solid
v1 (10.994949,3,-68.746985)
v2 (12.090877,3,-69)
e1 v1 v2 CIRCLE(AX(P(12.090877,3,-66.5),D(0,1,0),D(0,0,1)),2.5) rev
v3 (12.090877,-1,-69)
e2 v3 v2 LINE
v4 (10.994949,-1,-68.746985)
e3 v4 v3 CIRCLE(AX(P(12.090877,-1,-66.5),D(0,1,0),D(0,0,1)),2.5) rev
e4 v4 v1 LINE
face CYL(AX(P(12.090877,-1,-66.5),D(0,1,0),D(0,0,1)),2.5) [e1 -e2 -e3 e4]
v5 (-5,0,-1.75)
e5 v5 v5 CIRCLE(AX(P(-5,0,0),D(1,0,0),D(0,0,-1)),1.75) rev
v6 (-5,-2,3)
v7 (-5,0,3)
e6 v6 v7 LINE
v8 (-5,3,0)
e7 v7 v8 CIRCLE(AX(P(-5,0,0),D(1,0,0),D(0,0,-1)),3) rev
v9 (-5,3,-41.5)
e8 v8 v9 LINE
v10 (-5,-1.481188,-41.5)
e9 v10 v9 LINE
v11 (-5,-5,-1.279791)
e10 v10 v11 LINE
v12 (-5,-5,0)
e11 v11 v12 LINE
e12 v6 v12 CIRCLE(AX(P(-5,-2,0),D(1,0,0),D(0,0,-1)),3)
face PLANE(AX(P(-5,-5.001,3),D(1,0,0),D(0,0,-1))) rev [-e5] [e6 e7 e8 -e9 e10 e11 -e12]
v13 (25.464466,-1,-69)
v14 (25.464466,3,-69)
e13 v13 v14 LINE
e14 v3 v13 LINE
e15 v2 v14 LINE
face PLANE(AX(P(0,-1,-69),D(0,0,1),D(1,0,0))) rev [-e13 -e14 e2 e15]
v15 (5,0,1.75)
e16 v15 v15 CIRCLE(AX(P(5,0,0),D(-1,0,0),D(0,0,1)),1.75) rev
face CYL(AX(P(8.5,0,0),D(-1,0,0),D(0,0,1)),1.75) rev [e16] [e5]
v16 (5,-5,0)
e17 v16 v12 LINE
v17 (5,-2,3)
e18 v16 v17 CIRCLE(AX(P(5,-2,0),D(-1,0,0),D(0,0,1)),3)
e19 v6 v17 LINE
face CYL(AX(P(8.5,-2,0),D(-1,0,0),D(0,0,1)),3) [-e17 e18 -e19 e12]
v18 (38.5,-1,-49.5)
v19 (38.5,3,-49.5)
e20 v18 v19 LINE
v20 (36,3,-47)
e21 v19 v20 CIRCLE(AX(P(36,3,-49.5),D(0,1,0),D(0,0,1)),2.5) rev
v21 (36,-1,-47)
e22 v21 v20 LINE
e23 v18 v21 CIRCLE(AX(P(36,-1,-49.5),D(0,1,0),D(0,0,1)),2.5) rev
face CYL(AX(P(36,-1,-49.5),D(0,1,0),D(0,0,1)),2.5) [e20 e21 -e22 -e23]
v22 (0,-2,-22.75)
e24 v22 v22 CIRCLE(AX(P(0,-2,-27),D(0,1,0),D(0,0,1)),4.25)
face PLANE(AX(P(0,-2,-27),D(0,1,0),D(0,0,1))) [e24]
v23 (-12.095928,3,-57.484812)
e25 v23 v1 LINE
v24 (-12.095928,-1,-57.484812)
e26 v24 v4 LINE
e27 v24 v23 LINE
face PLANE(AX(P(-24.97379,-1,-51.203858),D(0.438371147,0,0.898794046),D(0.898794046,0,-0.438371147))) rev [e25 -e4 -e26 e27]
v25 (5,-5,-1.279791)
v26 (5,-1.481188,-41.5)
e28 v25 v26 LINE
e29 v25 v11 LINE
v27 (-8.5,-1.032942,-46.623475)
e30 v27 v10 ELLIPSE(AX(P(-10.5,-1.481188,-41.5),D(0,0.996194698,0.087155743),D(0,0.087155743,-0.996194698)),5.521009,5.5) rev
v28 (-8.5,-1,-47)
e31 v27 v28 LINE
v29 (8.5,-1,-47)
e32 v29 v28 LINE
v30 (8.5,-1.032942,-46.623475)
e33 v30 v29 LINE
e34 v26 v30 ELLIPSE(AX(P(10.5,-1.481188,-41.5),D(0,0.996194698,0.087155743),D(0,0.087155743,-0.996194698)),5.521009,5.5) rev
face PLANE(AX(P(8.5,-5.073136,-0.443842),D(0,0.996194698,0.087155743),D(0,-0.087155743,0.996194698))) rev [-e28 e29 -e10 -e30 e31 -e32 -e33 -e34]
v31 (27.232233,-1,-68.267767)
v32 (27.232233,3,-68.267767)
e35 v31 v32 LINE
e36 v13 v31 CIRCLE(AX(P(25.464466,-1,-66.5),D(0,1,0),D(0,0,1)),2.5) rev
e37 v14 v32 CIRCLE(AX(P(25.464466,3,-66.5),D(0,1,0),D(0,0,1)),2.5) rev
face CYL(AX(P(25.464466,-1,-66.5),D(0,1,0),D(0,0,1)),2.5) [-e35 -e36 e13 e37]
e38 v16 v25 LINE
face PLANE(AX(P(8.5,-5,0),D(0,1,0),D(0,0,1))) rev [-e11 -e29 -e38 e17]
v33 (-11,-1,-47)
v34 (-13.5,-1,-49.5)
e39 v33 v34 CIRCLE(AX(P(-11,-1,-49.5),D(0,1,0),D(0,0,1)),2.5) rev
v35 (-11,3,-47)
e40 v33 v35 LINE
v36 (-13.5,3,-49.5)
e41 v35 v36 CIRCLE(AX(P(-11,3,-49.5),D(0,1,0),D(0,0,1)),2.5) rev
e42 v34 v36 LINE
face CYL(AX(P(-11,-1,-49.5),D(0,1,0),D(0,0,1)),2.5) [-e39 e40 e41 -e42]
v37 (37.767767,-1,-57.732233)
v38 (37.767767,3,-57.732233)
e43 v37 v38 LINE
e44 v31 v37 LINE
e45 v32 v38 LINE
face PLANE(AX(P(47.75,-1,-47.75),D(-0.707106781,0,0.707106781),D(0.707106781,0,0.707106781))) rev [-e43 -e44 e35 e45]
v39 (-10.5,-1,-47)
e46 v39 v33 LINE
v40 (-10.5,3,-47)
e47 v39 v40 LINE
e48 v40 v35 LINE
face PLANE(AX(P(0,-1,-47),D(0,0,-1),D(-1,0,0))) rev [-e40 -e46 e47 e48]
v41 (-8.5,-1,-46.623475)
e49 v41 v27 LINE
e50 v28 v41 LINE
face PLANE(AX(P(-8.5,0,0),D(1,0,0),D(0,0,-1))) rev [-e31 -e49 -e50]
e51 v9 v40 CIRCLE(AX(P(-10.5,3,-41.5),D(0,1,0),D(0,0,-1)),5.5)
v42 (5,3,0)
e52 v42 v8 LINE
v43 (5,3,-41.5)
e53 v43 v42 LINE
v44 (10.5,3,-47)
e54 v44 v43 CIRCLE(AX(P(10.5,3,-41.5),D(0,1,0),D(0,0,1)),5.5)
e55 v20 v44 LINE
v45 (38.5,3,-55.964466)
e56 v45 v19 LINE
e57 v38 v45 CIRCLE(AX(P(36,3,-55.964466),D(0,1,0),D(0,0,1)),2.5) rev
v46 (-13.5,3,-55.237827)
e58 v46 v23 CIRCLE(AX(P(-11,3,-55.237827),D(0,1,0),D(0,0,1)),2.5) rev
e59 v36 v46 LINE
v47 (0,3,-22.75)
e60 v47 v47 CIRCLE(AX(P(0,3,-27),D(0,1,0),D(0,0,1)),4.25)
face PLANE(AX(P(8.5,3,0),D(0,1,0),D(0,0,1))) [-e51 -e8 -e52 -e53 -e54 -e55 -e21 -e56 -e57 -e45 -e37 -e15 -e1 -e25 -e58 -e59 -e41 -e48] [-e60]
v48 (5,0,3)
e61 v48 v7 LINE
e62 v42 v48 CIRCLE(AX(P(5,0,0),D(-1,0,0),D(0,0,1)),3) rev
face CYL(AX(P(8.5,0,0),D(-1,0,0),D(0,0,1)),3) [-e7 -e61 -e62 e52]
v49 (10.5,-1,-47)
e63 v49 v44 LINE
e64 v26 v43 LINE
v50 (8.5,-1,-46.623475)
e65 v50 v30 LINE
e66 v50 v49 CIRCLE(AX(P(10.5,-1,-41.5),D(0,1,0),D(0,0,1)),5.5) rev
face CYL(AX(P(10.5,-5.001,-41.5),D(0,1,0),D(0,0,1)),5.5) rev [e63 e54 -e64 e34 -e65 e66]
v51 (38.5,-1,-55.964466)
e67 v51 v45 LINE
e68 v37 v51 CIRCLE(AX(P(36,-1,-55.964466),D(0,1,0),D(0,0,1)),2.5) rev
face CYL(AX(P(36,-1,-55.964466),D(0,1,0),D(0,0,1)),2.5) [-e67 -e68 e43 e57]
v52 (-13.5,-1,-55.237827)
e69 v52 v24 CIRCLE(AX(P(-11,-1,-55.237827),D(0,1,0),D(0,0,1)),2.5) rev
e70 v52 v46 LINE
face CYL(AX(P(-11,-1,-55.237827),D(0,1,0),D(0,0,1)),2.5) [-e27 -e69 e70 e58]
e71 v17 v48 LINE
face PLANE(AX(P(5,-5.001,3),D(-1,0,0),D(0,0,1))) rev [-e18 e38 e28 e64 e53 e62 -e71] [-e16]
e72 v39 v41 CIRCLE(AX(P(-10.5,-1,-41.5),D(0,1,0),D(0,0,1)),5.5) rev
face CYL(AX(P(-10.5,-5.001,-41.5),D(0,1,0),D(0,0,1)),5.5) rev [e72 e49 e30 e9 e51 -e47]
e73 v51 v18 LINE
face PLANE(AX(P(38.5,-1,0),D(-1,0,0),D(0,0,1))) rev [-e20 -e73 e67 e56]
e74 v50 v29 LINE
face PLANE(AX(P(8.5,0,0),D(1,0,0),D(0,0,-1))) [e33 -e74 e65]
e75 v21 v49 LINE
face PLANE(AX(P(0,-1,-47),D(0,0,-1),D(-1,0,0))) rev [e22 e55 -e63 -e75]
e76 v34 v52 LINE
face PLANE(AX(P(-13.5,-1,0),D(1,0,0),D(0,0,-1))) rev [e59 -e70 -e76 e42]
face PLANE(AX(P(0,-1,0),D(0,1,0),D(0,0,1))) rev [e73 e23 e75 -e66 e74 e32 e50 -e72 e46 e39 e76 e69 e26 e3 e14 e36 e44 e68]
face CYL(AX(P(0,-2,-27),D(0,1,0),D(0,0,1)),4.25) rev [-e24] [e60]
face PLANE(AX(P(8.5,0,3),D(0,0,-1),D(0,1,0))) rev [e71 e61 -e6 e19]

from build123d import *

# Parameters (mm, degrees)
SKETCH1_R           = 1.75
BOSS_EXTRUDE1_DEPTH = 8.5
FILLET1_R           = 3
SKETCH3_R           = 4.25
CUT_EXTRUDE3_DEPTH  = 5
CUT_EXTRUDE4_REACH  = 50.428
BOSS_EXTRUDE2_DEPTH = 4
CUT_EXTRUDE5_REACH  = 81.418


with BuildPart() as part:
    # Sketch1 → Boss-Extrude1 (new, symmetric)
    with BuildSketch(Plane(origin=(0, 0, 0), x_dir=(0, 0, -1), z_dir=(1, 0, 0))):
        with BuildLine():
            ThreePointArc((0, 3), (-2.121320344, 2.121320344), (-3, 0))
            Line((-3, 0), (-3, -5))
            Line((-3, -5), (1.279790789, -5))
            Line((1.279790789, -5), (47, -1))
            Line((47, -1), (47, 3))
            Line((47, 3), (0, 3))
        make_face()
        Circle(SKETCH1_R, mode=Mode.SUBTRACT)
    extrude(amount=BOSS_EXTRUDE1_DEPTH, both=True)

    # Fillet1
    fillet1_edges = [part.edges().sort_by_distance(p)[0] for p in [
        (0, -5, 3),
    ]]
    fillet(fillet1_edges, radius=FILLET1_R)

    # Sketch3 → Cut-Extrude3 (cut)
    with BuildSketch(Plane(origin=(0, 3, 0), x_dir=(1, 0, 0), z_dir=(0, 1, 0))):
        with Locations(Location((0, 27, 0), (0, 0, 270))):
            Circle(SKETCH3_R)
    extrude(amount=-CUT_EXTRUDE3_DEPTH, mode=Mode.SUBTRACT)

    # Sketch4 → Cut-Extrude4 (cut, up to next)
    with BuildSketch(Plane(origin=(0, 3, 0), x_dir=(1, 0, 0), z_dir=(0, 1, 0)), mode=Mode.PRIVATE) as cut_extrude4_sk1:
        with BuildLine():
            Line((-8.5, -3), (-5, -3))
            Line((-5, -3), (-5, 32.6))
            ThreePointArc((-5, 32.6), (-5.995836944, 35.004163056), (-8.4, 36))
            Line((-8.4, 36), (-8.5, 36))
            Line((-8.5, 36), (-8.5, -3))
        make_face()
    cut_extrude4_tool1 = extrude(cut_extrude4_sk1.sketch, amount=-CUT_EXTRUDE4_REACH, mode=Mode.PRIVATE) & part.part
    # Sketch4 → Cut-Extrude4 (cut, up to next)
    with BuildSketch(Plane(origin=(0, 3, 0), x_dir=(1, 0, 0), z_dir=(0, 1, 0)), mode=Mode.PRIVATE) as cut_extrude4_sk2:
        with BuildLine():
            Line((8.4, 36), (8.5, 36))
            Line((8.5, 36), (8.5, -3))
            Line((8.5, -3), (5, -3))
            Line((5, -3), (5, 32.6))
            ThreePointArc((5, 32.6), (5.995836944, 35.004163056), (8.4, 36))
        make_face()
    cut_extrude4_tool2 = extrude(cut_extrude4_sk2.sketch, amount=-CUT_EXTRUDE4_REACH, mode=Mode.PRIVATE) & part.part
    add(cut_extrude4_tool1.solids().sort_by_distance((-6.768336, 3, -16.153098))[0], mode=Mode.SUBTRACT)
    add(cut_extrude4_tool2.solids().sort_by_distance((6.768336, 3, -16.153098))[0], mode=Mode.SUBTRACT)

    # Sketch5 → Boss-Extrude2 (add)
    with BuildSketch(Plane(origin=(0, 3, 0), x_dir=(1, 0, 0), z_dir=(0, 1, 0))):
        with BuildLine():
            ThreePointArc((-11, 47), (-12.767766953, 47.732233047), (-13.5, 49.5))
            Line((-13.5, 49.5), (-13.5, 55.23782662))
            ThreePointArc((-13.5, 55.23782662), (-13.12012024, 56.562624781), (-12.095927867, 57.484811736))
            Line((-12.095927867, 57.484811736), (10.994949478, 68.746985116))
            ThreePointArc((10.994949478, 68.746985116), (11.528499709, 68.935925162), (12.090877345, 69))
            Line((12.090877345, 69), (25.464466094, 69))
            ThreePointArc((25.464466094, 69), (26.421174675, 68.809698831), (27.232233047, 68.267766953))
            Line((27.232233047, 68.267766953), (37.767766953, 57.732233047))
            ThreePointArc((37.767766953, 57.732233047), (38.309698831, 56.921174675), (38.5, 55.964466094))
            Line((38.5, 55.964466094), (38.5, 49.5))
            ThreePointArc((38.5, 49.5), (37.767766953, 47.732233047), (36, 47))
            Line((36, 47), (8.5, 47))
            Line((8.5, 47), (-8.5, 47))
            Line((-8.5, 47), (-11, 47))
        make_face()
        with BuildLine():
            Line((10.5, 47), (8.5, 47))
            Line((8.5, 47), (8.5, 45))
            ThreePointArc((8.5, 45), (9.085786438, 46.414213562), (10.5, 47))
        make_face()
        with BuildLine():
            Line((-8.5, 45), (-8.5, 47))
            Line((-8.5, 47), (-10.5, 47))
            ThreePointArc((-10.5, 47), (-9.085786438, 46.414213562), (-8.5, 45))
        make_face()
    extrude(amount=-BOSS_EXTRUDE2_DEPTH)

    # Sketch6 → Cut-Extrude5 (cut, up to next)
    with BuildSketch(Plane(origin=(0, 3, 0), x_dir=(1, 0, 0), z_dir=(0, 1, 0)), mode=Mode.PRIVATE) as cut_extrude5_sk1:
        with BuildLine():
            Line((5, 32.6), (5, 41.5))
            ThreePointArc((5, 41.5), (6.610912703, 45.389087297), (10.5, 47))
            Line((10.5, 47), (10.5, 32.6))
            Line((10.5, 32.6), (5, 32.6))
        make_face()
    cut_extrude5_tool1 = extrude(cut_extrude5_sk1.sketch, amount=-CUT_EXTRUDE5_REACH, mode=Mode.PRIVATE) & part.part
    # Sketch6 → Cut-Extrude5 (cut, up to next)
    with BuildSketch(Plane(origin=(0, 3, 0), x_dir=(1, 0, 0), z_dir=(0, 1, 0)), mode=Mode.PRIVATE) as cut_extrude5_sk2:
        with BuildLine():
            Line((-5, 32.6), (-10.5, 32.6))
            Line((-10.5, 32.6), (-10.5, 47))
            ThreePointArc((-10.5, 47), (-6.610912703, 45.389087297), (-5, 41.5))
            Line((-5, 41.5), (-5, 32.6))
        make_face()
    cut_extrude5_tool2 = extrude(cut_extrude5_sk2.sketch, amount=-CUT_EXTRUDE5_REACH, mode=Mode.PRIVATE) & part.part
    add(cut_extrude5_tool1.solids().sort_by_distance((7.885844, 3, -39.266841))[0], mode=Mode.SUBTRACT)
    add(cut_extrude5_tool2.solids().sort_by_distance((-7.885844, 3, -39.266841))[0], mode=Mode.SUBTRACT)


solid = part.part
